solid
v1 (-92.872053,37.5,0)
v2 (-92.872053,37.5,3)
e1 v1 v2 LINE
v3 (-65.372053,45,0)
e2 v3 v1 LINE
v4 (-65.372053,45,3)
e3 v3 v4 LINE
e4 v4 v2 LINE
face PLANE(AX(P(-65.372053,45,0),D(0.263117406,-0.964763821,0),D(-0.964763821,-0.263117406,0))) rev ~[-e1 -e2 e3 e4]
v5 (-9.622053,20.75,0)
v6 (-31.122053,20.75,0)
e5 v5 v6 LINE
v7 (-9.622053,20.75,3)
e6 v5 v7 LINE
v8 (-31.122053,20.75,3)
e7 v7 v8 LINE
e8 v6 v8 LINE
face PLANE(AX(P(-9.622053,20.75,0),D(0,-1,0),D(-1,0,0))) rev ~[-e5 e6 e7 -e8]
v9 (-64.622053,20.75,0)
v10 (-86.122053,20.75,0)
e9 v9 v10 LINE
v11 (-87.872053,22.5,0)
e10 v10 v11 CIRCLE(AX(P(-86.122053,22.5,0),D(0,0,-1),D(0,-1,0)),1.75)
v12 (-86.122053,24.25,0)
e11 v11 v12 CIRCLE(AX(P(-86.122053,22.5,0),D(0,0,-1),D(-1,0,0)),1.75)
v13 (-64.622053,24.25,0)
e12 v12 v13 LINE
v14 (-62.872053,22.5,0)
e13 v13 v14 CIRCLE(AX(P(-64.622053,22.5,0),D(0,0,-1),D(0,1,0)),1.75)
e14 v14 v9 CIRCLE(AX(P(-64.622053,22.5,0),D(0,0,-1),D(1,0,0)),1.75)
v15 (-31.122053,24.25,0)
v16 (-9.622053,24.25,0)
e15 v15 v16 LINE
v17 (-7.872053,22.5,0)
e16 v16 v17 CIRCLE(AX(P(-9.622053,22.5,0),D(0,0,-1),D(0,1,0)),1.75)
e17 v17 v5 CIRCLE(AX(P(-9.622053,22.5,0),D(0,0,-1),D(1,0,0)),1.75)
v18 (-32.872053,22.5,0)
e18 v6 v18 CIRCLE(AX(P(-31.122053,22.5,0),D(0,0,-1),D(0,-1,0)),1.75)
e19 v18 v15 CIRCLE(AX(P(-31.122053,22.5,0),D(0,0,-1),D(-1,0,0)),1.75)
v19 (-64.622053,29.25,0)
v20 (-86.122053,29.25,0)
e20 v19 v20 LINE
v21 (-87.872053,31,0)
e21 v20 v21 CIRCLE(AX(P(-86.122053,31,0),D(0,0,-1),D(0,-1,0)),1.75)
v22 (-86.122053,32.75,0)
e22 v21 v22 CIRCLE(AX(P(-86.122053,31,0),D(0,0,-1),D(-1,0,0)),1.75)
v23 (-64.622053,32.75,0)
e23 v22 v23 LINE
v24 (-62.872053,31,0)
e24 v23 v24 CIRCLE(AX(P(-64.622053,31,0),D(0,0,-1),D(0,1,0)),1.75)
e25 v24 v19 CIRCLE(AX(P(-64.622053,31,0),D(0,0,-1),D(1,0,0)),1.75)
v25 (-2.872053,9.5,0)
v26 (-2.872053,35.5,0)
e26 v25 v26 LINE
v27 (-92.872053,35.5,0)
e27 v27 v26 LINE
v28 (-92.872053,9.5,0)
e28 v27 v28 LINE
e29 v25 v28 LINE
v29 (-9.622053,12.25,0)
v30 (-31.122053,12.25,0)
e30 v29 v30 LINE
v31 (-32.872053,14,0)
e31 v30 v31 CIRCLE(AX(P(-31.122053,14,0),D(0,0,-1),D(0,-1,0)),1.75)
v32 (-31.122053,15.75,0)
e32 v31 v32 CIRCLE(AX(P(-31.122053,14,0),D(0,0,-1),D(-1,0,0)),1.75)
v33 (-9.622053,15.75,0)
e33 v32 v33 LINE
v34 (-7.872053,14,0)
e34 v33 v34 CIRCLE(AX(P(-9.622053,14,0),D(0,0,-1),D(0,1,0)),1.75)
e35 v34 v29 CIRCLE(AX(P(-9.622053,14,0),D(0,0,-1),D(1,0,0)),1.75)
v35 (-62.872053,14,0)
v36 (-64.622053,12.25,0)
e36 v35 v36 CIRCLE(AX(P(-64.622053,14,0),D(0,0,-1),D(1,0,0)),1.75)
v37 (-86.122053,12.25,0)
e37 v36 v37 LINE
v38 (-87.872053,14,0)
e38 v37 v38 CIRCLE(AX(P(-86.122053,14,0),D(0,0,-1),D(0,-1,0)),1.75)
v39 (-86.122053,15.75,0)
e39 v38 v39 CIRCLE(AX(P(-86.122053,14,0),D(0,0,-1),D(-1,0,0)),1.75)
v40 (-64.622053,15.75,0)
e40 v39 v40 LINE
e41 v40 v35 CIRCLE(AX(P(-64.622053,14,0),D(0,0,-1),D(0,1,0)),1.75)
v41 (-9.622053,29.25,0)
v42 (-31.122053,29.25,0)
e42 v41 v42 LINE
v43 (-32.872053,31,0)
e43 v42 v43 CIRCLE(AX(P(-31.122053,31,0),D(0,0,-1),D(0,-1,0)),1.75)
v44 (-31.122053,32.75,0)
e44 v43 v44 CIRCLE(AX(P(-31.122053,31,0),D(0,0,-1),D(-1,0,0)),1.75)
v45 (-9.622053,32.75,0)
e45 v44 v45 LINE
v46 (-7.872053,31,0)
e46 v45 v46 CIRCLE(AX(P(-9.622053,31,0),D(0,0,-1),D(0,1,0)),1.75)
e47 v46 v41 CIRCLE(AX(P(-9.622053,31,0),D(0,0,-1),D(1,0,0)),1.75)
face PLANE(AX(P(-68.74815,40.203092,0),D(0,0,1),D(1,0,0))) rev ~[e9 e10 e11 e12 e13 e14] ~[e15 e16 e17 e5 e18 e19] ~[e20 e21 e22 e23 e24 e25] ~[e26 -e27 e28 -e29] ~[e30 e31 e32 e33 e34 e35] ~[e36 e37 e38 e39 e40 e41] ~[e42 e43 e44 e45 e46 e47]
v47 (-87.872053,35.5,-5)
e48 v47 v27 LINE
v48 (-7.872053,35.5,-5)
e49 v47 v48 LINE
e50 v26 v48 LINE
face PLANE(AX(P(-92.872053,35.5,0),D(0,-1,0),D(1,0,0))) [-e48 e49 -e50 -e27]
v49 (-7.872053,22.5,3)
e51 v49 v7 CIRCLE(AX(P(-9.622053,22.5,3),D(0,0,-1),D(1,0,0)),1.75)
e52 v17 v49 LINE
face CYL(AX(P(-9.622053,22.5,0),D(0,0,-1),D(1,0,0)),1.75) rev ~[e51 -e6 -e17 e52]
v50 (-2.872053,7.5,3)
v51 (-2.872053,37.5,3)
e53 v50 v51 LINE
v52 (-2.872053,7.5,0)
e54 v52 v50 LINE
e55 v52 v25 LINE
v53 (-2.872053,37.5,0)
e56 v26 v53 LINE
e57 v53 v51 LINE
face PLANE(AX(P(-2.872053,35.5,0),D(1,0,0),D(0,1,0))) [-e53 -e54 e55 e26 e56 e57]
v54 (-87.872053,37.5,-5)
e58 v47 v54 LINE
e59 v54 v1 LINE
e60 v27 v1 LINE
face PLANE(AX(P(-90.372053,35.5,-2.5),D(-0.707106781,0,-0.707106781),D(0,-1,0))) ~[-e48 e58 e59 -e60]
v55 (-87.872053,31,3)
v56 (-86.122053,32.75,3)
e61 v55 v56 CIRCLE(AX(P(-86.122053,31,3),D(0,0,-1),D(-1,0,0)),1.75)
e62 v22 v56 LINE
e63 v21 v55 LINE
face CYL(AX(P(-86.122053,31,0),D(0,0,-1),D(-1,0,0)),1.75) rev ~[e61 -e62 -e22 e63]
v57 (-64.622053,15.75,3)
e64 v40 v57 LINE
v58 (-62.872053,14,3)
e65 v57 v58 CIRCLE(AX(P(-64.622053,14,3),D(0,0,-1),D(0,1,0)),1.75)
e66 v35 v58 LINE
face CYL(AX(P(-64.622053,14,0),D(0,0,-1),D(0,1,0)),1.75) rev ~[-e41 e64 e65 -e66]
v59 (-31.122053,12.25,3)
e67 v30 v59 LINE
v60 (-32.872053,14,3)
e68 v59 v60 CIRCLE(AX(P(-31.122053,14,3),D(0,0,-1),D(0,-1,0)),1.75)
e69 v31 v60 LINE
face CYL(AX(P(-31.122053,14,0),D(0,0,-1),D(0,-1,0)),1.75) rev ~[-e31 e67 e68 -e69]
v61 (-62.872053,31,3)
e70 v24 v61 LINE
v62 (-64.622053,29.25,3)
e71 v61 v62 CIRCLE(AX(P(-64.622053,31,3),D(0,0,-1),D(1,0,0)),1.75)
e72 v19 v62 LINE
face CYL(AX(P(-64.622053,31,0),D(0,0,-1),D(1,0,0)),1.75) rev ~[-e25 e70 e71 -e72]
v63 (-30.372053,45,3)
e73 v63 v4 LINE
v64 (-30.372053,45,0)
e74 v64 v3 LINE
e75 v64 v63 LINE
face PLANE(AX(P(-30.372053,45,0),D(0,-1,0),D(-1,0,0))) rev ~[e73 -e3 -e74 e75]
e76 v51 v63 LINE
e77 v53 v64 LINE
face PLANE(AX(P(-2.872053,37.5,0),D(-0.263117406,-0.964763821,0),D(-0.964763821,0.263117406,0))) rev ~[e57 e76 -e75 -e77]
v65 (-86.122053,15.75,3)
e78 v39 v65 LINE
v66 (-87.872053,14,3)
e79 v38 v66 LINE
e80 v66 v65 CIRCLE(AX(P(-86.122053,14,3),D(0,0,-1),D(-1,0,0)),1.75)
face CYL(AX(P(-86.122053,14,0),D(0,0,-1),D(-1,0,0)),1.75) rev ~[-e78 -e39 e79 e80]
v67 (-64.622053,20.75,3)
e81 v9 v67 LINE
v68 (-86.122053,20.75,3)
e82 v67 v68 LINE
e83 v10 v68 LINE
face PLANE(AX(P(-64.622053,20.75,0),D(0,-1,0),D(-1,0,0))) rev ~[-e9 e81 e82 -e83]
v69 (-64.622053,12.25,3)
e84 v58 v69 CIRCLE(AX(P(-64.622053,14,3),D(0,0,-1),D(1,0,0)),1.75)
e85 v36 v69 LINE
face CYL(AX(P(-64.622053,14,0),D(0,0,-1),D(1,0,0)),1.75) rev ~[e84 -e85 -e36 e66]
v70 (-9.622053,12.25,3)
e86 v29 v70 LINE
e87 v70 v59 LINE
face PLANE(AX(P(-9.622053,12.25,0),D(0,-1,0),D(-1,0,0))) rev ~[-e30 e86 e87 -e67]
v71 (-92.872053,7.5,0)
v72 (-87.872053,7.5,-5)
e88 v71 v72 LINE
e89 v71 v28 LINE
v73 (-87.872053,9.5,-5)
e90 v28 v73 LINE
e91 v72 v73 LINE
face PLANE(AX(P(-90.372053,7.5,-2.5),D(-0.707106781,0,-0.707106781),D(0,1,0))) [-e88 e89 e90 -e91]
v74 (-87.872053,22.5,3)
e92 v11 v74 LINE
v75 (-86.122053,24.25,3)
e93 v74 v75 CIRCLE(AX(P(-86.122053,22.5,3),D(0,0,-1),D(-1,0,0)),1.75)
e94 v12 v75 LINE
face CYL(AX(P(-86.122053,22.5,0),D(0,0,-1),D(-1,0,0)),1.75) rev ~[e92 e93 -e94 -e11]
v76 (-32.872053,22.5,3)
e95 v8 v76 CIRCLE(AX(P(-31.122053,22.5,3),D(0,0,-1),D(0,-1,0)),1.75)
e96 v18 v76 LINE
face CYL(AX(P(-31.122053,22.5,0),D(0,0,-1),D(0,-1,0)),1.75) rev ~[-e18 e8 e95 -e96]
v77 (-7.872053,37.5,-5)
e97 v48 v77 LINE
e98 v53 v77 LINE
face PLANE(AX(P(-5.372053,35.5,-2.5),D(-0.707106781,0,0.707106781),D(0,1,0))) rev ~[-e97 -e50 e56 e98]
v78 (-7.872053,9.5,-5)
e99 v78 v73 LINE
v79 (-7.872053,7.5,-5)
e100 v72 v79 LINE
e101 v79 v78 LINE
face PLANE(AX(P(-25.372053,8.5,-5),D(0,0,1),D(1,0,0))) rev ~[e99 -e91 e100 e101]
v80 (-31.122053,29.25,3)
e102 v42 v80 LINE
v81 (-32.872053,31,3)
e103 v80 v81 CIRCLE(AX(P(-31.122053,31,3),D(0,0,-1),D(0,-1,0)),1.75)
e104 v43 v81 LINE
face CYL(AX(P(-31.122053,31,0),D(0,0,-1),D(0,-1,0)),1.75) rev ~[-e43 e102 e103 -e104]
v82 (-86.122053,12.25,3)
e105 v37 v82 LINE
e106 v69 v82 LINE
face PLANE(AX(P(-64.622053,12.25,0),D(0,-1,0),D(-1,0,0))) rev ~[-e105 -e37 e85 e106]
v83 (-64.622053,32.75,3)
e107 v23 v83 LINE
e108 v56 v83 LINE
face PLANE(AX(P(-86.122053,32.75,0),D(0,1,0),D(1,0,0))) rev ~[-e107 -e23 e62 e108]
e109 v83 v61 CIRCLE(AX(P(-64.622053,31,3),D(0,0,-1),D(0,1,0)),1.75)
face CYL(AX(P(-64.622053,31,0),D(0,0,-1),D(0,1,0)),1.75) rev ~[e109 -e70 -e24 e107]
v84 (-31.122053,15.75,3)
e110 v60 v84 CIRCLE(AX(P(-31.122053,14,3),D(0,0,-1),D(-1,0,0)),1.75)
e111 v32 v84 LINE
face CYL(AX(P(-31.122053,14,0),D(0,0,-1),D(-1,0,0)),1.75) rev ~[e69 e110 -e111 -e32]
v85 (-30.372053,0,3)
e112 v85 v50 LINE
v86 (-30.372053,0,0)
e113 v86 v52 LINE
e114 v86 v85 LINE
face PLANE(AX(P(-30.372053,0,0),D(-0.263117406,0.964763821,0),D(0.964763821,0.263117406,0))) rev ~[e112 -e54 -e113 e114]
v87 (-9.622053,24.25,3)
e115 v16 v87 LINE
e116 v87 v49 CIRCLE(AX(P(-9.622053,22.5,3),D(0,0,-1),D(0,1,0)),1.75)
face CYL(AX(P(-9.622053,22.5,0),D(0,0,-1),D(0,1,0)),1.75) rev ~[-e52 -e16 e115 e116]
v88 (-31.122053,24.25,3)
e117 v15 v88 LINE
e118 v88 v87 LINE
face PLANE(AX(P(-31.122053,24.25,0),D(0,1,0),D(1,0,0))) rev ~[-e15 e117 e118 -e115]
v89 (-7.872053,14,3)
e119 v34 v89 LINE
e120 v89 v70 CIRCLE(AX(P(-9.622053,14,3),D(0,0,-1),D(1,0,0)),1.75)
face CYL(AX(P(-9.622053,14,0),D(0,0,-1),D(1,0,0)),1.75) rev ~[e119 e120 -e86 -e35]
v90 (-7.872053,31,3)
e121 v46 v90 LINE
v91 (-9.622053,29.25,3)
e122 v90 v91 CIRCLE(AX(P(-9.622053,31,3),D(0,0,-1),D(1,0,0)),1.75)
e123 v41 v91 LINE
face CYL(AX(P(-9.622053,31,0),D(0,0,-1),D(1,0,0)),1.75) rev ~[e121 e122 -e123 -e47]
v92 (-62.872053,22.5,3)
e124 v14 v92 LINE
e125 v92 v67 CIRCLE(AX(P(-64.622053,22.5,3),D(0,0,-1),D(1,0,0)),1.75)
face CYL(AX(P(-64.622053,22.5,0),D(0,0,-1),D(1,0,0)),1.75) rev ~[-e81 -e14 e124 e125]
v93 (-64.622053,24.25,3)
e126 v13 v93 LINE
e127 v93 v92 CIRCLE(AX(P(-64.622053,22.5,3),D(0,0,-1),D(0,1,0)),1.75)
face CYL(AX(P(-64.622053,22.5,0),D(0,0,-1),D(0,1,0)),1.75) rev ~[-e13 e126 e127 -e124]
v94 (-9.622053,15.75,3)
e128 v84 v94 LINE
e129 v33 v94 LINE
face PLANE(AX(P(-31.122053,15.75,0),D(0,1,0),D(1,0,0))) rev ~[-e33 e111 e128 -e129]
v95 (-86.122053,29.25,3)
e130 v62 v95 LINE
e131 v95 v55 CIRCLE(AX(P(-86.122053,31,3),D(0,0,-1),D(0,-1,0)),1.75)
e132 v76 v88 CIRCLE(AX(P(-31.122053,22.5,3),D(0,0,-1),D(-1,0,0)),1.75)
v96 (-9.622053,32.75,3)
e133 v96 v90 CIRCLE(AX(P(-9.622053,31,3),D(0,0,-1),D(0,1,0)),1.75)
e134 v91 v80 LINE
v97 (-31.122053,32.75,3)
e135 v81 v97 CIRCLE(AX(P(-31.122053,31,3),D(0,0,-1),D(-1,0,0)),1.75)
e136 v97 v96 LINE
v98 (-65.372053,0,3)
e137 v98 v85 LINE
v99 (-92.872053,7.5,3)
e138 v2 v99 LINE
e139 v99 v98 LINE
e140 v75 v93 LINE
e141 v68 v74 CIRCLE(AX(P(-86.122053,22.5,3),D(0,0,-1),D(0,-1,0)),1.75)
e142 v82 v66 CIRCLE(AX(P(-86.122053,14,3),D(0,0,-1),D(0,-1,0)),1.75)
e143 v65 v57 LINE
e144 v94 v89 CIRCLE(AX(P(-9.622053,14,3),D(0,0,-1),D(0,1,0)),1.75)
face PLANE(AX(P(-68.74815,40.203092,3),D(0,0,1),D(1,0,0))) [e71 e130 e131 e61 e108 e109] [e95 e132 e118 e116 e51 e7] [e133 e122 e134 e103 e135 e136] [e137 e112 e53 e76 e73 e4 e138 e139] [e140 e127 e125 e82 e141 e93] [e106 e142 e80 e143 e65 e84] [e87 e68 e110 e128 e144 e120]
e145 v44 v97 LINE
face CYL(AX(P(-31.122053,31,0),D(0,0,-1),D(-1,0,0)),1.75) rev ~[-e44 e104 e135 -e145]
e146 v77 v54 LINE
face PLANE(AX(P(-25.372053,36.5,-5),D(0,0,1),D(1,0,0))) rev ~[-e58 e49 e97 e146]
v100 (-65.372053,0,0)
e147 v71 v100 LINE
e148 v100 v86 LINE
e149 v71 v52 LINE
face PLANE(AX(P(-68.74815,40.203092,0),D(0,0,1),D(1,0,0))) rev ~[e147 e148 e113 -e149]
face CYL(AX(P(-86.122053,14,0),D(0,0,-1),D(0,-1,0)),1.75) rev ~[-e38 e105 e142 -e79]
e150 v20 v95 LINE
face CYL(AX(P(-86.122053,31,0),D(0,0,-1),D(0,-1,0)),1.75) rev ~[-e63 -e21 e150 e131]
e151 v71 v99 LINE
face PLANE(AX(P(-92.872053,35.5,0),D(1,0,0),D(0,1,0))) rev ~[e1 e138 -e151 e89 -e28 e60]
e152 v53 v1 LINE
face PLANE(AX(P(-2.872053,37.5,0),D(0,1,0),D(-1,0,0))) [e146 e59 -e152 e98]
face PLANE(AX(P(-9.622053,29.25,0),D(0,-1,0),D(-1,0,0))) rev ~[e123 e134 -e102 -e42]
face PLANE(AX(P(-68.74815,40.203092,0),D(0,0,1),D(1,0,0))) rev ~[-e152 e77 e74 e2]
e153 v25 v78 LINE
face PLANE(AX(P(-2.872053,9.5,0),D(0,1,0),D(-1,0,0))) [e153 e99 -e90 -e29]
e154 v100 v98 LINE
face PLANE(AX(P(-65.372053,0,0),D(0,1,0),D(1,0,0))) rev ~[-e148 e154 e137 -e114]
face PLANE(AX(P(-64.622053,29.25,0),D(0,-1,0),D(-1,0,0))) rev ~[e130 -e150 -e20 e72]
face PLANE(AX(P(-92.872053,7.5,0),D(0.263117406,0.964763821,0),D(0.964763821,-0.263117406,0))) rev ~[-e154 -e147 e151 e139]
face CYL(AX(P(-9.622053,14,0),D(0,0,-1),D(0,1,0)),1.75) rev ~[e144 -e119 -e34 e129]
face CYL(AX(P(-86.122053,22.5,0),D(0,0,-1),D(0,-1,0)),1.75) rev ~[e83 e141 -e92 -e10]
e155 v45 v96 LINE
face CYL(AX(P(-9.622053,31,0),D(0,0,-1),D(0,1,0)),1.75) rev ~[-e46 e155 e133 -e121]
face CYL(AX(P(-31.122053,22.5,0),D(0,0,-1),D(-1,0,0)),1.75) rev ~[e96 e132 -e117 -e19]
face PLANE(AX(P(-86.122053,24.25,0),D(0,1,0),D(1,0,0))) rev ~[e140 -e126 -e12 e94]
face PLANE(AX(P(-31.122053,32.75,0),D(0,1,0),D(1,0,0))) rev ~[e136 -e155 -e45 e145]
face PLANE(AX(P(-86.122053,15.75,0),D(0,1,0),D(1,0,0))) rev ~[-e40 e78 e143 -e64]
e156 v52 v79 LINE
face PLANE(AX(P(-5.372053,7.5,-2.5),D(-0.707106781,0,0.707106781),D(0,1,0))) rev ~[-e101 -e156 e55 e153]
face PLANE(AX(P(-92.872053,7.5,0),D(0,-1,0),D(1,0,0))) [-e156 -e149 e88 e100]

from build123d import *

# Parameters (mm, degrees)
F0_W     = 45
F0_H     = 2
F1_DEPTH = 3
F2_DEPTH = 5
F3_SIZE  = 5


with BuildPart() as f1:
    # F0 (on Top) → F1 (new body)
    with BuildSketch(Plane.XY):
        Polygon((-47.8720533848, 45), (-65.3720533848, 45), (-92.8720533848, 37.5), (-47.8720533848, 37.5), align=None)
        Polygon((-30.3720533848, 45), (-47.8720533848, 45), (-47.8720533848, 37.5), (-2.8720533848, 37.5), align=None)
        with Locations((-70.3720533848, 36.5)):
            Rectangle(F0_W, F0_H)
        with Locations((-25.3720533848, 36.5)):
            Rectangle(F0_W, F0_H)
        with BuildLine():
            Line((-47.8720533848, 35.5), (-92.8720533848, 35.5))
            Line((-92.8720533848, 35.5), (-92.8720533848, 31))
            Line((-92.8720533848, 31), (-87.8720533848, 31))
            ThreePointArc((-87.8720533848, 31), (-87.3594902519, 32.2374368671), (-86.1220533848, 32.75))
            Line((-86.1220533848, 32.75), (-64.6220533848, 32.75))
            ThreePointArc((-64.6220533848, 32.75), (-63.3846165177, 32.2374368671), (-62.8720533848, 31))
            Line((-62.8720533848, 31), (-47.8720533848, 31))
            Line((-47.8720533848, 31), (-47.8720533848, 35.5))
        make_face()
        with BuildLine():
            Line((-2.8720533848, 35.5), (-47.8720533848, 35.5))
            Line((-47.8720533848, 35.5), (-47.8720533848, 31))
            Line((-47.8720533848, 31), (-32.8720533848, 31))
            ThreePointArc((-32.8720533848, 31), (-32.3594902519, 32.2374368671), (-31.1220533848, 32.75))
            Line((-31.1220533848, 32.75), (-9.6220533848, 32.75))
            ThreePointArc((-9.6220533848, 32.75), (-8.3846165177, 32.2374368671), (-7.8720533848, 31))
            Line((-7.8720533848, 31), (-2.8720533848, 31))
            Line((-2.8720533848, 31), (-2.8720533848, 35.5))
        make_face()
        with BuildLine():
            Line((-87.8720533848, 31), (-92.8720533848, 31))
            Line((-92.8720533848, 31), (-92.8720533848, 22.5))
            Line((-92.8720533848, 22.5), (-87.8720533848, 22.5))
            ThreePointArc((-87.8720533848, 22.5), (-87.3594902519, 23.7374368671), (-86.1220533848, 24.25))
            Line((-86.1220533848, 24.25), (-64.6220533848, 24.25))
            ThreePointArc((-64.6220533848, 24.25), (-63.3846165177, 23.7374368671), (-62.8720533848, 22.5))
            Line((-62.8720533848, 22.5), (-47.8720533848, 22.5))
            Line((-47.8720533848, 22.5), (-47.8720533848, 31))
            Line((-47.8720533848, 31), (-62.8720533848, 31))
            ThreePointArc((-62.8720533848, 31), (-63.3846165177, 29.7625631329), (-64.6220533848, 29.25))
            Line((-64.6220533848, 29.25), (-86.1220533848, 29.25))
            ThreePointArc((-86.1220533848, 29.25), (-87.3594902519, 29.7625631329), (-87.8720533848, 31))
        make_face()
        with BuildLine():
            Line((-32.8720533848, 31), (-47.8720533848, 31))
            Line((-47.8720533848, 31), (-47.8720533848, 22.5))
            Line((-47.8720533848, 22.5), (-32.8720533848, 22.5))
            ThreePointArc((-32.8720533848, 22.5), (-32.3594902519, 23.7374368671), (-31.1220533848, 24.25))
            Line((-31.1220533848, 24.25), (-9.6220533848, 24.25))
            ThreePointArc((-9.6220533848, 24.25), (-8.3846165177, 23.7374368671), (-7.8720533848, 22.5))
            Line((-7.8720533848, 22.5), (-2.8720533848, 22.5))
            Line((-2.8720533848, 22.5), (-2.8720533848, 31))
            Line((-2.8720533848, 31), (-7.8720533848, 31))
            ThreePointArc((-7.8720533848, 31), (-8.3846165177, 29.7625631329), (-9.6220533848, 29.25))
            Line((-9.6220533848, 29.25), (-31.1220533848, 29.25))
            ThreePointArc((-31.1220533848, 29.25), (-32.3594902519, 29.7625631329), (-32.8720533848, 31))
        make_face()
        with BuildLine():
            Line((-87.8720533848, 22.5), (-92.8720533848, 22.5))
            Line((-92.8720533848, 22.5), (-92.8720533848, 14))
            Line((-92.8720533848, 14), (-87.8720533848, 14))
            ThreePointArc((-87.8720533848, 14), (-87.3594902519, 15.2374368671), (-86.1220533848, 15.75))
            Line((-86.1220533848, 15.75), (-64.6220533848, 15.75))
            ThreePointArc((-64.6220533848, 15.75), (-63.3846165177, 15.2374368671), (-62.8720533848, 14))
            Line((-62.8720533848, 14), (-47.8720533848, 14))
            Line((-47.8720533848, 14), (-47.8720533848, 22.5))
            Line((-47.8720533848, 22.5), (-62.8720533848, 22.5))
            ThreePointArc((-62.8720533848, 22.5), (-63.3846165177, 21.2625631329), (-64.6220533848, 20.75))
            Line((-64.6220533848, 20.75), (-86.1220533848, 20.75))
            ThreePointArc((-86.1220533848, 20.75), (-87.3594902519, 21.2625631329), (-87.8720533848, 22.5))
        make_face()
        with BuildLine():
            Line((-32.8720533848, 22.5), (-47.8720533848, 22.5))
            Line((-47.8720533848, 22.5), (-47.8720533848, 14))
            Line((-47.8720533848, 14), (-32.8720533848, 14))
            ThreePointArc((-32.8720533848, 14), (-32.3594902519, 15.2374368671), (-31.1220533848, 15.75))
            Line((-31.1220533848, 15.75), (-9.6220533848, 15.75))
            ThreePointArc((-9.6220533848, 15.75), (-8.3846165177, 15.2374368671), (-7.8720533848, 14))
            Line((-7.8720533848, 14), (-2.8720533848, 14))
            Line((-2.8720533848, 14), (-2.8720533848, 22.5))
            Line((-2.8720533848, 22.5), (-7.8720533848, 22.5))
            ThreePointArc((-7.8720533848, 22.5), (-8.3846165177, 21.2625631329), (-9.6220533848, 20.75))
            Line((-9.6220533848, 20.75), (-31.1220533848, 20.75))
            ThreePointArc((-31.1220533848, 20.75), (-32.3594902519, 21.2625631329), (-32.8720533848, 22.5))
        make_face()
        with BuildLine():
            Line((-87.8720533848, 14), (-92.8720533848, 14))
            Line((-92.8720533848, 14), (-92.8720533848, 9.5))
            Line((-92.8720533848, 9.5), (-47.8720533848, 9.5))
            Line((-47.8720533848, 9.5), (-47.8720533848, 14))
            Line((-47.8720533848, 14), (-62.8720533848, 14))
            ThreePointArc((-62.8720533848, 14), (-63.3846165177, 12.7625631329), (-64.6220533848, 12.25))
            Line((-64.6220533848, 12.25), (-86.1220533848, 12.25))
            ThreePointArc((-86.1220533848, 12.25), (-87.3594902519, 12.7625631329), (-87.8720533848, 14))
        make_face()
        with BuildLine():
            Line((-32.8720533848, 14), (-47.8720533848, 14))
            Line((-47.8720533848, 14), (-47.8720533848, 9.5))
            Line((-47.8720533848, 9.5), (-2.8720533848, 9.5))
            Line((-2.8720533848, 9.5), (-2.8720533848, 14))
            Line((-2.8720533848, 14), (-7.8720533848, 14))
            ThreePointArc((-7.8720533848, 14), (-8.3846165177, 12.7625631329), (-9.6220533848, 12.25))
            Line((-9.6220533848, 12.25), (-31.1220533848, 12.25))
            ThreePointArc((-31.1220533848, 12.25), (-32.3594902519, 12.7625631329), (-32.8720533848, 14))
        make_face()
        with Locations((-70.3720533848, 8.5)):
            Rectangle(F0_W, F0_H)
        with Locations((-25.3720533848, 8.5)):
            Rectangle(F0_W, F0_H)
        Polygon((-47.8720533848, 7.5), (-92.8720533848, 7.5), (-65.3720533848, 0), (-47.8720533848, 0), align=None)
        Polygon((-2.8720533848, 7.5), (-47.8720533848, 7.5), (-47.8720533848, 0), (-30.3720533848, 0), align=None)
    extrude(amount=F1_DEPTH)

    # F0 (on Top) → F2 (join)
    with BuildSketch(Plane.XY):
        with Locations((-25.3720533848, 36.5)):
            Rectangle(F0_W, F0_H)
        with Locations((-70.3720533848, 36.5)):
            Rectangle(F0_W, F0_H)
        with Locations((-25.3720533848, 8.5)):
            Rectangle(F0_W, F0_H)
        with Locations((-70.3720533848, 8.5)):
            Rectangle(F0_W, F0_H)
    extrude(amount=-F2_DEPTH)

    # F3
    f3_edges = [f1.edges().sort_by_distance(p)[0] for p in [
        (-92.872053, 36.5, -5),
        (-92.872053, 8.5, -5),
        (-2.872053, 8.5, -5),
        (-2.872053, 36.5, -5),
    ]]
    chamfer(f3_edges, length=F3_SIZE)


solid = f1.part
